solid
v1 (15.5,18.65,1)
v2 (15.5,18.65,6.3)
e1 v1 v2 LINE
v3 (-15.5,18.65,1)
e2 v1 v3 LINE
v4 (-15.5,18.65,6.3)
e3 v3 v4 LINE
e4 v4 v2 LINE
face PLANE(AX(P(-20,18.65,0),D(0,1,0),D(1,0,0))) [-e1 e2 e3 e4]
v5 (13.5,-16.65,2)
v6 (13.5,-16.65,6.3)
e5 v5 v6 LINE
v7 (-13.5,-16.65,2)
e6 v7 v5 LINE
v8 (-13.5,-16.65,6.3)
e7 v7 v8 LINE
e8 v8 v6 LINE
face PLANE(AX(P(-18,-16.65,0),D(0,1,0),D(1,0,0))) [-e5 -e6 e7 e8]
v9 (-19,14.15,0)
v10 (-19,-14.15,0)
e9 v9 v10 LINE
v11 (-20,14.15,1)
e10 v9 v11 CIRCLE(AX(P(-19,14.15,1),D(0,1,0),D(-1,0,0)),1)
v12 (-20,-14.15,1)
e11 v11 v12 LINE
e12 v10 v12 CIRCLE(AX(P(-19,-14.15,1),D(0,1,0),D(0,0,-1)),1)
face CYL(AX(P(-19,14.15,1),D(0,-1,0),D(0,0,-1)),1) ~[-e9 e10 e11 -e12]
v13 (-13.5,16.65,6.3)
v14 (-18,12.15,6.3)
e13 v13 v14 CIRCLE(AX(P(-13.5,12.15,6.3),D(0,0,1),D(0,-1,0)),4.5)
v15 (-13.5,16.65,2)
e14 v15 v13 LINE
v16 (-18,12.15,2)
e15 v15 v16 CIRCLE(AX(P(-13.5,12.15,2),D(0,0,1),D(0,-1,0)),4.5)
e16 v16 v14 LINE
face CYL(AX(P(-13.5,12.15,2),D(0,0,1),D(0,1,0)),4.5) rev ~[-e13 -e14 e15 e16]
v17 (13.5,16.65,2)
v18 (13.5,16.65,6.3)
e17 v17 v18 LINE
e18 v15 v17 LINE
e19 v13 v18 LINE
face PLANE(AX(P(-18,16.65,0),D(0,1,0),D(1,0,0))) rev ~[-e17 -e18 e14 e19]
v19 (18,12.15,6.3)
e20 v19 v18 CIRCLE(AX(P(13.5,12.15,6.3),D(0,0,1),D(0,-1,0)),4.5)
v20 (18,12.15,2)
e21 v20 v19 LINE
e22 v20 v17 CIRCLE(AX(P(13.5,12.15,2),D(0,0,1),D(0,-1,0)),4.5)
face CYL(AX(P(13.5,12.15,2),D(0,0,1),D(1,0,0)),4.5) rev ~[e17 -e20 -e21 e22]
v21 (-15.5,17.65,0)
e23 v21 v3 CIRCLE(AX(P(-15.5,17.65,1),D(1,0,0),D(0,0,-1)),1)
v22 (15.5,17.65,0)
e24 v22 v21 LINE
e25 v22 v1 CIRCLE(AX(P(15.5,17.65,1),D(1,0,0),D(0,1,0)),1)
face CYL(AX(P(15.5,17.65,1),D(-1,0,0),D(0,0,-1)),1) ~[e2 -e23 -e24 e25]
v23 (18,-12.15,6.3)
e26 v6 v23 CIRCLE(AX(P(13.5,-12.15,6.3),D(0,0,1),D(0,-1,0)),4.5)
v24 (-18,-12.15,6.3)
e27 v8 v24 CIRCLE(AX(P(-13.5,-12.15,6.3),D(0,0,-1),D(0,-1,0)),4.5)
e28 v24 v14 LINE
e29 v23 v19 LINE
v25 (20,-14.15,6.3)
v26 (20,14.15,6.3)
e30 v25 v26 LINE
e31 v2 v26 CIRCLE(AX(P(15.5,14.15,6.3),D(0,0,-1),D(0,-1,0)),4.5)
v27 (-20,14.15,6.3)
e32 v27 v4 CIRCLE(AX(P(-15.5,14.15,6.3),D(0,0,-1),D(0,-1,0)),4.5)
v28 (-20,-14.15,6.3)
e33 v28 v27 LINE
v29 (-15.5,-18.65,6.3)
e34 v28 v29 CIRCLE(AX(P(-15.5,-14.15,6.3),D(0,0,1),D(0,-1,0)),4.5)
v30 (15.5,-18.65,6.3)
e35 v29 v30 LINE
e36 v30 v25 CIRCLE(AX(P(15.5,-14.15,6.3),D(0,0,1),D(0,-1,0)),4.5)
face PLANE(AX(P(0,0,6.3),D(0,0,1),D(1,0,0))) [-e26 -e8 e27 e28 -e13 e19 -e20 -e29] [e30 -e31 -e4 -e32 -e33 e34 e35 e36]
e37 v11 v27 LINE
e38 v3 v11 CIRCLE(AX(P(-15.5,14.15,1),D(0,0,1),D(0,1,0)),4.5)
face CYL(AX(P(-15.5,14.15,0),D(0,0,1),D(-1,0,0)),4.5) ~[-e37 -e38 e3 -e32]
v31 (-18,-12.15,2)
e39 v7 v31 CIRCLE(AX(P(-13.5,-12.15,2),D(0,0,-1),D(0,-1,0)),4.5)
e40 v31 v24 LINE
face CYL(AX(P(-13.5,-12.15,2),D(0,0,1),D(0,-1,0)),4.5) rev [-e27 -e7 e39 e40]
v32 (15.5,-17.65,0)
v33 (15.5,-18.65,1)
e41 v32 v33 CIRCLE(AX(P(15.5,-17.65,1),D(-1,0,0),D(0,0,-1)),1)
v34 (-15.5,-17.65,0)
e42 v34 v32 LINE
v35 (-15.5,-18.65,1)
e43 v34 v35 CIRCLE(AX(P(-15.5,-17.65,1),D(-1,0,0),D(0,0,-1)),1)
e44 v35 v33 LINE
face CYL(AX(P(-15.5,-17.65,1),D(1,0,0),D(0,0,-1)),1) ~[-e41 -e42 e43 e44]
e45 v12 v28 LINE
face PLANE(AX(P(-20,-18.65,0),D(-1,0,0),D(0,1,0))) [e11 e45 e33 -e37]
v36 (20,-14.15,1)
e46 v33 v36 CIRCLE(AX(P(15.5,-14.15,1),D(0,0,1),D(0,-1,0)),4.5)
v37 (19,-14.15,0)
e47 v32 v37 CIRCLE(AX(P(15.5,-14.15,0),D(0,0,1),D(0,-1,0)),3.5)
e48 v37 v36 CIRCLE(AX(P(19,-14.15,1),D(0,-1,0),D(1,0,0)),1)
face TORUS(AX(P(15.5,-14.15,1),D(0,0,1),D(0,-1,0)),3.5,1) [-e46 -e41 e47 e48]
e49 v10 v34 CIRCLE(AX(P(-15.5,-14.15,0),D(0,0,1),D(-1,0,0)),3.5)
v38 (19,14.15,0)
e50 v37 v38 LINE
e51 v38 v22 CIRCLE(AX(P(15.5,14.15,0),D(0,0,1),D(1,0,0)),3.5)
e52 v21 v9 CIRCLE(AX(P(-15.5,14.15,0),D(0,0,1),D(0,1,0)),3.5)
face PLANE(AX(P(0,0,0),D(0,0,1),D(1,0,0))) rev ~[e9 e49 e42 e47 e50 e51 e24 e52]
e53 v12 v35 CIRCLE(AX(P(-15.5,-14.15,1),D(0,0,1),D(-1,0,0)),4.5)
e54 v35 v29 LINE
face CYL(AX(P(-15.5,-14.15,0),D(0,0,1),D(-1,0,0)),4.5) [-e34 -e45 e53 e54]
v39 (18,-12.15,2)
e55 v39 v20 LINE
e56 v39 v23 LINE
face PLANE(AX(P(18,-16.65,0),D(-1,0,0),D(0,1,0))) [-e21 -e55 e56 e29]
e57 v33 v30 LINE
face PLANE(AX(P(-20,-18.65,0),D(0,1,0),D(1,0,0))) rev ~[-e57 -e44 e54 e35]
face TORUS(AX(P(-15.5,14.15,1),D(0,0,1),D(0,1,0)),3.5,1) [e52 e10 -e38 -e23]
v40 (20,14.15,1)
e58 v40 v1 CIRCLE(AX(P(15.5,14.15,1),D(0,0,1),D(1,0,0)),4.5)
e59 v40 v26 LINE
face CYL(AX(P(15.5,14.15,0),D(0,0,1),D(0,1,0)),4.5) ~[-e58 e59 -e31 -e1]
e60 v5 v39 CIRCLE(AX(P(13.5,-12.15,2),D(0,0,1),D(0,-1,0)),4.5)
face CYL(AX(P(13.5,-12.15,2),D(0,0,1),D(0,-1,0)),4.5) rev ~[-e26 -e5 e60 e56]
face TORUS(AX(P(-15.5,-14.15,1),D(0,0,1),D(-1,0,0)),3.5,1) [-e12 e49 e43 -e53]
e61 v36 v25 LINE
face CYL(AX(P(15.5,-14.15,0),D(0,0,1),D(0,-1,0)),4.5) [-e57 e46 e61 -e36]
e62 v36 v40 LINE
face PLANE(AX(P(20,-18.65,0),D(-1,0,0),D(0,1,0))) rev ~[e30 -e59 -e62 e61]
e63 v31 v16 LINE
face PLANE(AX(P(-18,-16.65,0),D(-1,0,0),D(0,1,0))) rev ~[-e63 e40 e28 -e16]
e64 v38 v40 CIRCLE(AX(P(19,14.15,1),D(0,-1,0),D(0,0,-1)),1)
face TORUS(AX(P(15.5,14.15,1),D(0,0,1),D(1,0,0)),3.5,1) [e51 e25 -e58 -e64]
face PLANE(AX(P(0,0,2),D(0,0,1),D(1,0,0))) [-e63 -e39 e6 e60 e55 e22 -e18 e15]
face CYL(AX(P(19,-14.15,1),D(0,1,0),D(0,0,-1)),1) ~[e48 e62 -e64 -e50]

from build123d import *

# Parameters (mm, degrees)
F0_W     = 40
F0_H     = 37.3
F0_W_2   = 36
F0_H_2   = 33.3
F1_DEPTH = 6.3
F2_DEPTH = 2
F3_R     = 4.5
F4_R     = 1


with BuildPart() as f1:
    # F0 (on Top) → F1 (new body)
    with BuildSketch(Plane.XY):
        Rectangle(F0_W, F0_H)
        Rectangle(F0_W_2, F0_H_2, mode=Mode.SUBTRACT)
    extrude(amount=F1_DEPTH)

    # F0 (on Top) → F2 (join)
    with BuildSketch(Plane.XY):
        Rectangle(F0_W_2, F0_H_2)
    extrude(amount=F2_DEPTH)

    # F3
    f3_edges = [f1.edges().sort_by_distance(p)[0] for p in [
        (-18, 16.65, 4.15),
        (18, 16.65, 4.15),
        (18, -16.65, 4.15),
        (-18, -16.65, 4.15),
        (-20, -18.65, 3.15),
        (20, -18.65, 3.15),
        (20, 18.65, 3.15),
        (-20, 18.65, 3.15),
    ]]
    fillet(f3_edges, radius=F3_R)

    # F4
    f4_edges = [f1.edges().sort_by_distance(p)[0] for p in [
        (0, -18.65, 0),
    ]]
    fillet(f4_edges, radius=F4_R)


solid = f1.part
